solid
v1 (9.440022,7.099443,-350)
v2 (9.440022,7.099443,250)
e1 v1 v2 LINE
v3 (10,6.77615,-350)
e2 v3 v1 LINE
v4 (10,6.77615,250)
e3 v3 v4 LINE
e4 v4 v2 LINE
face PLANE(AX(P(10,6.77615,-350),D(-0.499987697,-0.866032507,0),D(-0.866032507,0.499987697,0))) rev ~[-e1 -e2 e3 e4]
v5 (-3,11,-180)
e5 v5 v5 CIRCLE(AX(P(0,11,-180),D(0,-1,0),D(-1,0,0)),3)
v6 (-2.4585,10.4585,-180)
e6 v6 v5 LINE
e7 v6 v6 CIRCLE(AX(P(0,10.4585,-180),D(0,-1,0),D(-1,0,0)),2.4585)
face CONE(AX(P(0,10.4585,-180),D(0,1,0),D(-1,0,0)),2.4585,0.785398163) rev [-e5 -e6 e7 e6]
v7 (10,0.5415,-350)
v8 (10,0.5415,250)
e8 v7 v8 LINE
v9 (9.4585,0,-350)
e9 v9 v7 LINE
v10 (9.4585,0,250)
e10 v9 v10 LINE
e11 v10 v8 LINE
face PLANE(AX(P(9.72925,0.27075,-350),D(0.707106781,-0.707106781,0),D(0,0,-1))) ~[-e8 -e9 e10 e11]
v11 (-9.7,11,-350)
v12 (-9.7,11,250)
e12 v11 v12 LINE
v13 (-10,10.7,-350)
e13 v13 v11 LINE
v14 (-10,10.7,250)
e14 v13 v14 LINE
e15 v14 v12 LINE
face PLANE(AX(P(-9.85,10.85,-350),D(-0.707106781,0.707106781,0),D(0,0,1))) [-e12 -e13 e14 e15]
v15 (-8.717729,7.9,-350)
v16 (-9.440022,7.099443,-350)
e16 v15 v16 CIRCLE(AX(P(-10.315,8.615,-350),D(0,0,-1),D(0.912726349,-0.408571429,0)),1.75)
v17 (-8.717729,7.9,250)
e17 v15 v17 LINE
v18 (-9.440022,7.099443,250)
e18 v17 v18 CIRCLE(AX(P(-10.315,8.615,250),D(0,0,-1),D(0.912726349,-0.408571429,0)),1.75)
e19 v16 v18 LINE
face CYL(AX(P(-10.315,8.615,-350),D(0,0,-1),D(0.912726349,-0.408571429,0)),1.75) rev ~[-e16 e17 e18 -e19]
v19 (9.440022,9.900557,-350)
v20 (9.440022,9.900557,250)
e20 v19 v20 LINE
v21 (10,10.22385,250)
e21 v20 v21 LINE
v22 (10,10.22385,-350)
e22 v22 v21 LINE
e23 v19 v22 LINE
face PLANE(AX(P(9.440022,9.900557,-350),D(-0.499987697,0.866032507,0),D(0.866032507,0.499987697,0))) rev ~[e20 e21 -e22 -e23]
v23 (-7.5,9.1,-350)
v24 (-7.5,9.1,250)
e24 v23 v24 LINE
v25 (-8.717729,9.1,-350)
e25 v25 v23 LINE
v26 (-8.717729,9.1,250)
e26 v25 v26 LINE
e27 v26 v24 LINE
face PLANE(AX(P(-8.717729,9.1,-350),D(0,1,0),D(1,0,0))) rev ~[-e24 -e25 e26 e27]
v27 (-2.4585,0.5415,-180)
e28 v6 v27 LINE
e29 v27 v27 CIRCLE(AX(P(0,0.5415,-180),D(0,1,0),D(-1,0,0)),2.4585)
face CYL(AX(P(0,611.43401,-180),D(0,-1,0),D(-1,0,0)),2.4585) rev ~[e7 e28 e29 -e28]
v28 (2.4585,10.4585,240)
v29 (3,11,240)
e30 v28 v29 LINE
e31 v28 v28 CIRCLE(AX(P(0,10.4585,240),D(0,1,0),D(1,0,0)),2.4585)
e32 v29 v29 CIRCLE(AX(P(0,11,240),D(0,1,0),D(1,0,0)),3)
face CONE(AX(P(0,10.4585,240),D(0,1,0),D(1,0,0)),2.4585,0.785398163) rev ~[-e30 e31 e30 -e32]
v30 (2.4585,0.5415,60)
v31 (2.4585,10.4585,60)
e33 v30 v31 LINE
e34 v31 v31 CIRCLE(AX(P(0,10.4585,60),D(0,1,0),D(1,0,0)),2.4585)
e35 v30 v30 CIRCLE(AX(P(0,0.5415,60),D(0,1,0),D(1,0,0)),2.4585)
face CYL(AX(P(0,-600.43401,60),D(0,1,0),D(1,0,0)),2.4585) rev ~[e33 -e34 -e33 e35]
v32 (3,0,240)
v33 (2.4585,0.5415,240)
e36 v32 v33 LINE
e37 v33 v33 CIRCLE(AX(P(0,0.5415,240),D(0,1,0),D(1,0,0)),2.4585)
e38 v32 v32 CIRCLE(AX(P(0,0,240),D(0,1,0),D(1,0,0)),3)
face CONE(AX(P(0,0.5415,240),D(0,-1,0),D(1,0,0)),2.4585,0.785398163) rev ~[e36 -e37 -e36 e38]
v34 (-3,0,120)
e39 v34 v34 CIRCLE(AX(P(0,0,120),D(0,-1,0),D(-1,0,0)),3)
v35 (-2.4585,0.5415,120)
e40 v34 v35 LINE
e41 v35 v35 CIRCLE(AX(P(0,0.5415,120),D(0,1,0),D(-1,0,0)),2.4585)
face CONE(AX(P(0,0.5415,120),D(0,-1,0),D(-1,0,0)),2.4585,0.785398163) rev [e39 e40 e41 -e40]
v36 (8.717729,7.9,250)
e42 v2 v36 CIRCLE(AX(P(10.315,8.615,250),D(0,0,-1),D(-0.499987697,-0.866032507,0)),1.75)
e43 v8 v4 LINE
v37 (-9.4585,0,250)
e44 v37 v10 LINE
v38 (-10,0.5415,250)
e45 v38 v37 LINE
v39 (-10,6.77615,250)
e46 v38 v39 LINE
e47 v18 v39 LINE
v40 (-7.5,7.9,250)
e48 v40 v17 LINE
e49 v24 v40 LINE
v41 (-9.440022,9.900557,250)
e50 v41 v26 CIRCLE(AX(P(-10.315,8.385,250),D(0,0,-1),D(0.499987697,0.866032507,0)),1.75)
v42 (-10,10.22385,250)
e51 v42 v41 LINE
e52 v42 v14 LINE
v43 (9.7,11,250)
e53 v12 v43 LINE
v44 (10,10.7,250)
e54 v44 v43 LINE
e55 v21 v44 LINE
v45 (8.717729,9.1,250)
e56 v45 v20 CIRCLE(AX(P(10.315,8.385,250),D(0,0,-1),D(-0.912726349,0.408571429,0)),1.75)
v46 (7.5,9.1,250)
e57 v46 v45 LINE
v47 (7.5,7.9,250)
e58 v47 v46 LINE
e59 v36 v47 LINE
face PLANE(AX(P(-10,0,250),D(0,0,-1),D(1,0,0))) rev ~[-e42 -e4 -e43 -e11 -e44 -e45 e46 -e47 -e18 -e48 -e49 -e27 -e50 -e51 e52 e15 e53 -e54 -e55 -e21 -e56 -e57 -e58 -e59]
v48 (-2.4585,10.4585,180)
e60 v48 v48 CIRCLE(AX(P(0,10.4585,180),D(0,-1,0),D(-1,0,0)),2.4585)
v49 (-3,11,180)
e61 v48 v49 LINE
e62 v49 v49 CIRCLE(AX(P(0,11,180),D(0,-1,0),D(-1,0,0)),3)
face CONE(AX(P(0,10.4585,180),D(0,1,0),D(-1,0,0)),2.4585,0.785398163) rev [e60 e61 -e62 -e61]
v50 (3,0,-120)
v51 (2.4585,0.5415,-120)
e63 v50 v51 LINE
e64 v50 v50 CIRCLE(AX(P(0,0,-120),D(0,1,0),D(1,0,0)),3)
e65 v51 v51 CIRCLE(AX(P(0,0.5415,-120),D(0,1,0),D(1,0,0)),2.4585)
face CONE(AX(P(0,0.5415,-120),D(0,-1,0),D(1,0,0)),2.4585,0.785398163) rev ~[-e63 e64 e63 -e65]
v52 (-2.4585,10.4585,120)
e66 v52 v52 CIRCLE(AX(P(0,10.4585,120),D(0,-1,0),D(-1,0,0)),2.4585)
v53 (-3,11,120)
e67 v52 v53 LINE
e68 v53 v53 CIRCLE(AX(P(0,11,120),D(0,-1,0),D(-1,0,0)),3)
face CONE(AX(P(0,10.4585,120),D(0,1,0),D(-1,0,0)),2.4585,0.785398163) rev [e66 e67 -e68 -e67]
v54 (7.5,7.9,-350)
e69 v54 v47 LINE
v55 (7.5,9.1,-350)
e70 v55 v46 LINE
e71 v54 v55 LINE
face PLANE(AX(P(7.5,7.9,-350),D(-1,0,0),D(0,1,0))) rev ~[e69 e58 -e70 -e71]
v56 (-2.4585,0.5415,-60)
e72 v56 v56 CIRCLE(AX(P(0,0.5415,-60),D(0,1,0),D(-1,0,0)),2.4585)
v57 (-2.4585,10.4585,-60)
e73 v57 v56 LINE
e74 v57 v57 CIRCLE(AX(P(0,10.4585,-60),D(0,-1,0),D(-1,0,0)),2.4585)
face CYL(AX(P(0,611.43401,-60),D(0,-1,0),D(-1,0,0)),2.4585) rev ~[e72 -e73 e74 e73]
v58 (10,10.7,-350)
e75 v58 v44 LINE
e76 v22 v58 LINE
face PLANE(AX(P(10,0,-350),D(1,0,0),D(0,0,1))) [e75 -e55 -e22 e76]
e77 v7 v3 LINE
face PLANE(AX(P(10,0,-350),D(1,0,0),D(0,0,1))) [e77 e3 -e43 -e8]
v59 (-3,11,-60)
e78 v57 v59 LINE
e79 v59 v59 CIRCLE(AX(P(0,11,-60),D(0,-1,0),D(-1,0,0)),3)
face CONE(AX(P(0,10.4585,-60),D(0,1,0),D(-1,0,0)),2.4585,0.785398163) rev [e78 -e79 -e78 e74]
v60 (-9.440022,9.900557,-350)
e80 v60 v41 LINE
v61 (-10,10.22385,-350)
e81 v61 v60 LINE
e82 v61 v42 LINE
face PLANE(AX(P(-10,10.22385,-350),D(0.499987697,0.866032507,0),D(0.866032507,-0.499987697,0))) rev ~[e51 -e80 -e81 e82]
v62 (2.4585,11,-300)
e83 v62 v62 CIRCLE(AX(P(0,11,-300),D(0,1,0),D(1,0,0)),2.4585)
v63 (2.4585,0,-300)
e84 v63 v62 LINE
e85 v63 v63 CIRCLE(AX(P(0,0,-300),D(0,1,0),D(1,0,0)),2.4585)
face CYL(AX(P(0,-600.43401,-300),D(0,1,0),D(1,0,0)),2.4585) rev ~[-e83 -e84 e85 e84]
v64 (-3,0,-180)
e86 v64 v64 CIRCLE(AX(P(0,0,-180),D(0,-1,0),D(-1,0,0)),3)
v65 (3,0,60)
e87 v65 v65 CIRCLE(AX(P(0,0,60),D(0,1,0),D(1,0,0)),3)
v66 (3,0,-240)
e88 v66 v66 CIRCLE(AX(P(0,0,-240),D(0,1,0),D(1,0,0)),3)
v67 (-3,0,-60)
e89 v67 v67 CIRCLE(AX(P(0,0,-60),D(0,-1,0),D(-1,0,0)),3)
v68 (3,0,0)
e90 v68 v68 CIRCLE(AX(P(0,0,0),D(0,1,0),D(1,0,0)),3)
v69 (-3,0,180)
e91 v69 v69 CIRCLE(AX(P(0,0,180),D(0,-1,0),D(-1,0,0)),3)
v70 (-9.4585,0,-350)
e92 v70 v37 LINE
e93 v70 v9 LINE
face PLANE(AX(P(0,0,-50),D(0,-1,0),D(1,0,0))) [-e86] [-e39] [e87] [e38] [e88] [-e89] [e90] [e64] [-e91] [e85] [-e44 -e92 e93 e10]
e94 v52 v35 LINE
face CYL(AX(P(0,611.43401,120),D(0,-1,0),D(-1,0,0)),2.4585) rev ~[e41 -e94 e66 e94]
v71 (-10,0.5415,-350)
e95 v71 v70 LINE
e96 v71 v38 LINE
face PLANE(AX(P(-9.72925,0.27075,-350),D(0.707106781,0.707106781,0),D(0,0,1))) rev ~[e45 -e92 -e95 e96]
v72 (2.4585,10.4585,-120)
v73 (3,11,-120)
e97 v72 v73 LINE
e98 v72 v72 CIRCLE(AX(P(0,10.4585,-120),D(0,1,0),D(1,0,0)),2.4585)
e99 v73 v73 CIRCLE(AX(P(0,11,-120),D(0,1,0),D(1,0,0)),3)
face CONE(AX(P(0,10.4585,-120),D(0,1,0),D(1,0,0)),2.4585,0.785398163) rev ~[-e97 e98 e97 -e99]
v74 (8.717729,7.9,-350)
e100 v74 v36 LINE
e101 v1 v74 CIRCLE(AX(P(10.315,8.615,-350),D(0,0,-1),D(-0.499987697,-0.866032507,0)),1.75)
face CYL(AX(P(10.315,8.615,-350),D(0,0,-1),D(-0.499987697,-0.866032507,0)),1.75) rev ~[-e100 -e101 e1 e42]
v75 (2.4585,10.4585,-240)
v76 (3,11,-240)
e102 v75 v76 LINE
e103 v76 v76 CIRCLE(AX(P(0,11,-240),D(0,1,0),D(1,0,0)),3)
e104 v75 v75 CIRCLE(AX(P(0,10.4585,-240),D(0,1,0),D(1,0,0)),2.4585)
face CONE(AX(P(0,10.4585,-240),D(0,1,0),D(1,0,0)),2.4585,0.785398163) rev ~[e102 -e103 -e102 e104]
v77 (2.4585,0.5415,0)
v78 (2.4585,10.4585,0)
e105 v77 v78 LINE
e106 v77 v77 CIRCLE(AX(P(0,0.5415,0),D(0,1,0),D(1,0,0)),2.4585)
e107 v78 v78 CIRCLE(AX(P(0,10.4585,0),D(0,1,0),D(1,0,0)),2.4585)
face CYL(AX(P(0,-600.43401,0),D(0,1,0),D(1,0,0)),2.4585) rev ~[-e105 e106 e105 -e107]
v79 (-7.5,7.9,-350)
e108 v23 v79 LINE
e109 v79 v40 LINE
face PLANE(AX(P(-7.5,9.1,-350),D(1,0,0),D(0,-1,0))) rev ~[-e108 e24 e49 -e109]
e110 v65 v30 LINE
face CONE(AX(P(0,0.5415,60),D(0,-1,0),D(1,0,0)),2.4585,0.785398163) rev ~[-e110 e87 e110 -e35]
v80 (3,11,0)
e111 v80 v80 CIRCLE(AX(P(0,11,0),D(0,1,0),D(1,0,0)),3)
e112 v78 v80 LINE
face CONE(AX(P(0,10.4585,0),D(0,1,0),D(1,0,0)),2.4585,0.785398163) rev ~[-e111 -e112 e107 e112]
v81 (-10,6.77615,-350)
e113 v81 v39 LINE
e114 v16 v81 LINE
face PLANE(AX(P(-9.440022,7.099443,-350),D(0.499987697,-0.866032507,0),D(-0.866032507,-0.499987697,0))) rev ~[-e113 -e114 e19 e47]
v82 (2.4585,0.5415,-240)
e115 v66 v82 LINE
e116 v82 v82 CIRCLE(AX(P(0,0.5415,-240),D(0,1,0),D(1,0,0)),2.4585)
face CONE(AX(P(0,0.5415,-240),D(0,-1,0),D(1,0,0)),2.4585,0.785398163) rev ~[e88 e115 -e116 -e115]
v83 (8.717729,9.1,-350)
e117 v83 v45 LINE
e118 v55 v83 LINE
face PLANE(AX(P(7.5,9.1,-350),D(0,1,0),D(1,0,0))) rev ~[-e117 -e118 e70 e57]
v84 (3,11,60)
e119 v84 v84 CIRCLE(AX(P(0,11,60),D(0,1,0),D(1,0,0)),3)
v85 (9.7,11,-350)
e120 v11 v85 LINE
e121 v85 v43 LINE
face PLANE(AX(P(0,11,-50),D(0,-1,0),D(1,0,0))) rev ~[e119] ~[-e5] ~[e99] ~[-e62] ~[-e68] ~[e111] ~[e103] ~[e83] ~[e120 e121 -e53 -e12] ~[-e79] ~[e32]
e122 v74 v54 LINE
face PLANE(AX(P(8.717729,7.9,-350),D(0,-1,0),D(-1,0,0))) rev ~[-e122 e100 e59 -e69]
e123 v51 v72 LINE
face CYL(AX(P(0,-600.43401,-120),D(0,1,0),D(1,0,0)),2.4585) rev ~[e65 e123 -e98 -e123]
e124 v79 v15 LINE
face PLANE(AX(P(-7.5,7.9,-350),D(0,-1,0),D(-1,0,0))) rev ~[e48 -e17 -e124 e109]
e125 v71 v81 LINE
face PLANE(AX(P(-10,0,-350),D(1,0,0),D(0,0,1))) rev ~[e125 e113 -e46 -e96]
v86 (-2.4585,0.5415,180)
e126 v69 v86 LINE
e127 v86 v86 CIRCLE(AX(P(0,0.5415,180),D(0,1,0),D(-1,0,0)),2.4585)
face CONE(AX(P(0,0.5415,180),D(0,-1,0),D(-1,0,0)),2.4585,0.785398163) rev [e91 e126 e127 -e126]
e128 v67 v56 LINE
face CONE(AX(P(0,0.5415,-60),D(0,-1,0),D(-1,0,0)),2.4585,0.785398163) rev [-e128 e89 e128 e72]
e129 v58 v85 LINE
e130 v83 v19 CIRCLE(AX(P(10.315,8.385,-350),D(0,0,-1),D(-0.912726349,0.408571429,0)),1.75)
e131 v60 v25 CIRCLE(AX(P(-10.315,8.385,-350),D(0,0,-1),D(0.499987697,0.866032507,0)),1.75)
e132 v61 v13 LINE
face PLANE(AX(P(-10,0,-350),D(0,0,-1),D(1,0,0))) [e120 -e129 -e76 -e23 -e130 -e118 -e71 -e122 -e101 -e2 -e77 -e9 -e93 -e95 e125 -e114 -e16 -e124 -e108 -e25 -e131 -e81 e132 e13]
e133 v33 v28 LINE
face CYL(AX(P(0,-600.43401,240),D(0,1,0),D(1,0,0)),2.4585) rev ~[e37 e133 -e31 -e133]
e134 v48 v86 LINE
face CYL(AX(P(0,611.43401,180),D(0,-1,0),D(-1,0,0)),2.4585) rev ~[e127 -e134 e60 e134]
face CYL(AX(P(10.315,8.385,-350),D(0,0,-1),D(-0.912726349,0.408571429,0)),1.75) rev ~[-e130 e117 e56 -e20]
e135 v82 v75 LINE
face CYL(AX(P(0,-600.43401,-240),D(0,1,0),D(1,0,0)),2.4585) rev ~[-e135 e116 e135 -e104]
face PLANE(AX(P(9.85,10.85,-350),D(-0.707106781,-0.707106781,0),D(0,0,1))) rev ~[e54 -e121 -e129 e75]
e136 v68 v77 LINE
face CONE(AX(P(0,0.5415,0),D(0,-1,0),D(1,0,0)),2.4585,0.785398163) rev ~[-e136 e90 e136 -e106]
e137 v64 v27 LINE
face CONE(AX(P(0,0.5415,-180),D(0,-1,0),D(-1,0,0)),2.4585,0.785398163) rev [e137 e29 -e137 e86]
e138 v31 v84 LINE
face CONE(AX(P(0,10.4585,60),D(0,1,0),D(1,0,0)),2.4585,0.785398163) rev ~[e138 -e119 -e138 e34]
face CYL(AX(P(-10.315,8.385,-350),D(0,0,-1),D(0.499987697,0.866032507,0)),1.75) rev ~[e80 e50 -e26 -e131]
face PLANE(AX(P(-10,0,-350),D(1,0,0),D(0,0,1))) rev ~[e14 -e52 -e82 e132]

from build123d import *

# Parameters (mm, degrees)
ESQUISSE1_W                = 20
ESQUISSE1_H                = 600
BOSS_EXTRU_1_DEPTH         = 11
ENL_V_MAT_EXTRU_1_DEPTH    = 601.184138411
ENL_V_MAT_EXTRU_2_DEPTH    = 601.184138411
ENL_V_MAT_EXTRU_3_DEPTH    = 601.184138411
ENL_V_MAT_EXTRU_4_DEPTH    = 601.184138411
PER_AGE1_D                 = 4.917
PER_AGE2_D                 = 4.917
CHANFREIN1_SIZE            = 0.5415
CHANFREIN2_SIZE            = 0.3
R_P_TITION_LIN_AIRE1_COUNT = 9
R_P_TITION_LIN_AIRE1_PITCH = 60


with BuildPart() as part:
    # Esquisse1 → Boss.-Extru.1 (new body)
    with BuildSketch(Plane.XZ):
        with Locations((0, -50)):
            Rectangle(ESQUISSE1_W, ESQUISSE1_H)
    extrude(amount=-BOSS_EXTRU_1_DEPTH)

    # Esquisse2 → Enlèv. mat.-Extru.1 (cut, through all)
    with BuildSketch(Plane(origin=(0, 0, -350), x_dir=(-1, 0, 0), z_dir=(0, 0, -1))):
        with BuildLine():
            Line((10, 7.9), (10, 10.22385))
            Line((10, 10.22385), (9.440021531, 9.900556887))
            ThreePointArc((9.440021531, 9.900556887), (9.015681976, 9.557293765), (8.71772889, 9.1))
            Line((8.71772889, 9.1), (7.5, 9.1))
            Line((7.5, 9.1), (7.5, 7.9))
            Line((7.5, 7.9), (10, 7.9))
        make_face()
    extrude(amount=-ENL_V_MAT_EXTRU_1_DEPTH, mode=Mode.SUBTRACT)

    # Esquisse3 → Enlèv. mat.-Extru.2 (cut, through all)
    with BuildSketch(Plane(origin=(0, 0, -350), x_dir=(-1, 0, 0), z_dir=(0, 0, -1))):
        with BuildLine():
            Line((9.440021531, 7.099443113), (10, 6.77615))
            Line((10, 6.77615), (10, 7.9))
            Line((10, 7.9), (8.71772889, 7.9))
            ThreePointArc((8.71772889, 7.9), (9.015681976, 7.442706235), (9.440021531, 7.099443113))
        make_face()
    extrude(amount=-ENL_V_MAT_EXTRU_2_DEPTH, mode=Mode.SUBTRACT)

    # Esquisse4 → Enlèv. mat.-Extru.3 (cut, through all)
    with BuildSketch(Plane(origin=(0, 0, -350), x_dir=(-1, 0, 0), z_dir=(0, 0, -1))):
        with BuildLine():
            Line((-10, 9.1), (-10, 6.77615))
            Line((-10, 6.77615), (-9.440021531, 7.099443113))
            ThreePointArc((-9.440021531, 7.099443113), (-9.015681976, 7.442706235), (-8.71772889, 7.9))
            Line((-8.71772889, 7.9), (-7.5, 7.9))
            Line((-7.5, 7.9), (-7.5, 9.1))
            Line((-7.5, 9.1), (-10, 9.1))
        make_face()
    extrude(amount=-ENL_V_MAT_EXTRU_3_DEPTH, mode=Mode.SUBTRACT)

    # Esquisse5 → Enlèv. mat.-Extru.4 (cut, through all)
    with BuildSketch(Plane(origin=(0, 0, -350), x_dir=(-1, 0, 0), z_dir=(0, 0, -1))):
        with BuildLine():
            Line((-9.440021531, 9.900556887), (-10, 10.22385))
            Line((-10, 10.22385), (-10, 9.1))
            Line((-10, 9.1), (-8.71772889, 9.1))
            ThreePointArc((-8.71772889, 9.1), (-9.015681976, 9.557293765), (-9.440021531, 9.900556887))
        make_face()
    extrude(amount=-ENL_V_MAT_EXTRU_4_DEPTH, mode=Mode.SUBTRACT)

    # Perçage1 (through all)
    with Locations(Plane(origin=(0, 11, 0), x_dir=(1, 0, 0), z_dir=(0, 1, 0))):
        with Locations((0, -180), (0, -120), (0, 60), (0, 180)):
            Hole(PER_AGE1_D / 2)

    # Perçage2 (through all)
    with Locations(Plane(origin=(0, 0, 0), x_dir=(-1, 0, 0), z_dir=(0, -1, 0))):
        with Locations((0, -240), (0, -60), (0, 0), (0, 120), (0, 240)):
            per_age2 = Hole(PER_AGE2_D / 2)

    # Chanfrein1
    chanfrein1_edges = [part.edges().sort_by_distance(p)[0] for p in [
        (2.4585, 11, 180),
        (2.4585, 0, 180),
        (-2.4585, 0, -240),
        (-2.4585, 11, -240),
        (-2.4585, 0, -120),
        (-2.4585, 11, -120),
        (-2.4585, 0, 0),
        (-2.4585, 11, 0),
        (-2.4585, 0, 60),
        (-2.4585, 11, 60),
        (-2.4585, 0, 240),
        (-2.4585, 11, 240),
        (10, 0, -50),
        (-10, 0, -50),
        (2.4585, 11, -180),
        (2.4585, 0, -180),
        (2.4585, 11, -60),
        (2.4585, 0, -60),
        (2.4585, 11, 120),
        (2.4585, 0, 120),
    ]]
    chamfer(chanfrein1_edges, length=CHANFREIN1_SIZE)

    # Chanfrein2
    chanfrein2_edges = [part.edges().sort_by_distance(p)[0] for p in [
        (10, 11, -50),
        (-10, 11, -50),
    ]]
    chamfer(chanfrein2_edges, length=CHANFREIN2_SIZE)

    # Répétition linéaire1: Perçage2 ×9
    with Locations(*[(0, 0, -i * R_P_TITION_LIN_AIRE1_PITCH) for i in range(1, R_P_TITION_LIN_AIRE1_COUNT)]):
        add(per_age2, mode=Mode.SUBTRACT)


solid = part.part
